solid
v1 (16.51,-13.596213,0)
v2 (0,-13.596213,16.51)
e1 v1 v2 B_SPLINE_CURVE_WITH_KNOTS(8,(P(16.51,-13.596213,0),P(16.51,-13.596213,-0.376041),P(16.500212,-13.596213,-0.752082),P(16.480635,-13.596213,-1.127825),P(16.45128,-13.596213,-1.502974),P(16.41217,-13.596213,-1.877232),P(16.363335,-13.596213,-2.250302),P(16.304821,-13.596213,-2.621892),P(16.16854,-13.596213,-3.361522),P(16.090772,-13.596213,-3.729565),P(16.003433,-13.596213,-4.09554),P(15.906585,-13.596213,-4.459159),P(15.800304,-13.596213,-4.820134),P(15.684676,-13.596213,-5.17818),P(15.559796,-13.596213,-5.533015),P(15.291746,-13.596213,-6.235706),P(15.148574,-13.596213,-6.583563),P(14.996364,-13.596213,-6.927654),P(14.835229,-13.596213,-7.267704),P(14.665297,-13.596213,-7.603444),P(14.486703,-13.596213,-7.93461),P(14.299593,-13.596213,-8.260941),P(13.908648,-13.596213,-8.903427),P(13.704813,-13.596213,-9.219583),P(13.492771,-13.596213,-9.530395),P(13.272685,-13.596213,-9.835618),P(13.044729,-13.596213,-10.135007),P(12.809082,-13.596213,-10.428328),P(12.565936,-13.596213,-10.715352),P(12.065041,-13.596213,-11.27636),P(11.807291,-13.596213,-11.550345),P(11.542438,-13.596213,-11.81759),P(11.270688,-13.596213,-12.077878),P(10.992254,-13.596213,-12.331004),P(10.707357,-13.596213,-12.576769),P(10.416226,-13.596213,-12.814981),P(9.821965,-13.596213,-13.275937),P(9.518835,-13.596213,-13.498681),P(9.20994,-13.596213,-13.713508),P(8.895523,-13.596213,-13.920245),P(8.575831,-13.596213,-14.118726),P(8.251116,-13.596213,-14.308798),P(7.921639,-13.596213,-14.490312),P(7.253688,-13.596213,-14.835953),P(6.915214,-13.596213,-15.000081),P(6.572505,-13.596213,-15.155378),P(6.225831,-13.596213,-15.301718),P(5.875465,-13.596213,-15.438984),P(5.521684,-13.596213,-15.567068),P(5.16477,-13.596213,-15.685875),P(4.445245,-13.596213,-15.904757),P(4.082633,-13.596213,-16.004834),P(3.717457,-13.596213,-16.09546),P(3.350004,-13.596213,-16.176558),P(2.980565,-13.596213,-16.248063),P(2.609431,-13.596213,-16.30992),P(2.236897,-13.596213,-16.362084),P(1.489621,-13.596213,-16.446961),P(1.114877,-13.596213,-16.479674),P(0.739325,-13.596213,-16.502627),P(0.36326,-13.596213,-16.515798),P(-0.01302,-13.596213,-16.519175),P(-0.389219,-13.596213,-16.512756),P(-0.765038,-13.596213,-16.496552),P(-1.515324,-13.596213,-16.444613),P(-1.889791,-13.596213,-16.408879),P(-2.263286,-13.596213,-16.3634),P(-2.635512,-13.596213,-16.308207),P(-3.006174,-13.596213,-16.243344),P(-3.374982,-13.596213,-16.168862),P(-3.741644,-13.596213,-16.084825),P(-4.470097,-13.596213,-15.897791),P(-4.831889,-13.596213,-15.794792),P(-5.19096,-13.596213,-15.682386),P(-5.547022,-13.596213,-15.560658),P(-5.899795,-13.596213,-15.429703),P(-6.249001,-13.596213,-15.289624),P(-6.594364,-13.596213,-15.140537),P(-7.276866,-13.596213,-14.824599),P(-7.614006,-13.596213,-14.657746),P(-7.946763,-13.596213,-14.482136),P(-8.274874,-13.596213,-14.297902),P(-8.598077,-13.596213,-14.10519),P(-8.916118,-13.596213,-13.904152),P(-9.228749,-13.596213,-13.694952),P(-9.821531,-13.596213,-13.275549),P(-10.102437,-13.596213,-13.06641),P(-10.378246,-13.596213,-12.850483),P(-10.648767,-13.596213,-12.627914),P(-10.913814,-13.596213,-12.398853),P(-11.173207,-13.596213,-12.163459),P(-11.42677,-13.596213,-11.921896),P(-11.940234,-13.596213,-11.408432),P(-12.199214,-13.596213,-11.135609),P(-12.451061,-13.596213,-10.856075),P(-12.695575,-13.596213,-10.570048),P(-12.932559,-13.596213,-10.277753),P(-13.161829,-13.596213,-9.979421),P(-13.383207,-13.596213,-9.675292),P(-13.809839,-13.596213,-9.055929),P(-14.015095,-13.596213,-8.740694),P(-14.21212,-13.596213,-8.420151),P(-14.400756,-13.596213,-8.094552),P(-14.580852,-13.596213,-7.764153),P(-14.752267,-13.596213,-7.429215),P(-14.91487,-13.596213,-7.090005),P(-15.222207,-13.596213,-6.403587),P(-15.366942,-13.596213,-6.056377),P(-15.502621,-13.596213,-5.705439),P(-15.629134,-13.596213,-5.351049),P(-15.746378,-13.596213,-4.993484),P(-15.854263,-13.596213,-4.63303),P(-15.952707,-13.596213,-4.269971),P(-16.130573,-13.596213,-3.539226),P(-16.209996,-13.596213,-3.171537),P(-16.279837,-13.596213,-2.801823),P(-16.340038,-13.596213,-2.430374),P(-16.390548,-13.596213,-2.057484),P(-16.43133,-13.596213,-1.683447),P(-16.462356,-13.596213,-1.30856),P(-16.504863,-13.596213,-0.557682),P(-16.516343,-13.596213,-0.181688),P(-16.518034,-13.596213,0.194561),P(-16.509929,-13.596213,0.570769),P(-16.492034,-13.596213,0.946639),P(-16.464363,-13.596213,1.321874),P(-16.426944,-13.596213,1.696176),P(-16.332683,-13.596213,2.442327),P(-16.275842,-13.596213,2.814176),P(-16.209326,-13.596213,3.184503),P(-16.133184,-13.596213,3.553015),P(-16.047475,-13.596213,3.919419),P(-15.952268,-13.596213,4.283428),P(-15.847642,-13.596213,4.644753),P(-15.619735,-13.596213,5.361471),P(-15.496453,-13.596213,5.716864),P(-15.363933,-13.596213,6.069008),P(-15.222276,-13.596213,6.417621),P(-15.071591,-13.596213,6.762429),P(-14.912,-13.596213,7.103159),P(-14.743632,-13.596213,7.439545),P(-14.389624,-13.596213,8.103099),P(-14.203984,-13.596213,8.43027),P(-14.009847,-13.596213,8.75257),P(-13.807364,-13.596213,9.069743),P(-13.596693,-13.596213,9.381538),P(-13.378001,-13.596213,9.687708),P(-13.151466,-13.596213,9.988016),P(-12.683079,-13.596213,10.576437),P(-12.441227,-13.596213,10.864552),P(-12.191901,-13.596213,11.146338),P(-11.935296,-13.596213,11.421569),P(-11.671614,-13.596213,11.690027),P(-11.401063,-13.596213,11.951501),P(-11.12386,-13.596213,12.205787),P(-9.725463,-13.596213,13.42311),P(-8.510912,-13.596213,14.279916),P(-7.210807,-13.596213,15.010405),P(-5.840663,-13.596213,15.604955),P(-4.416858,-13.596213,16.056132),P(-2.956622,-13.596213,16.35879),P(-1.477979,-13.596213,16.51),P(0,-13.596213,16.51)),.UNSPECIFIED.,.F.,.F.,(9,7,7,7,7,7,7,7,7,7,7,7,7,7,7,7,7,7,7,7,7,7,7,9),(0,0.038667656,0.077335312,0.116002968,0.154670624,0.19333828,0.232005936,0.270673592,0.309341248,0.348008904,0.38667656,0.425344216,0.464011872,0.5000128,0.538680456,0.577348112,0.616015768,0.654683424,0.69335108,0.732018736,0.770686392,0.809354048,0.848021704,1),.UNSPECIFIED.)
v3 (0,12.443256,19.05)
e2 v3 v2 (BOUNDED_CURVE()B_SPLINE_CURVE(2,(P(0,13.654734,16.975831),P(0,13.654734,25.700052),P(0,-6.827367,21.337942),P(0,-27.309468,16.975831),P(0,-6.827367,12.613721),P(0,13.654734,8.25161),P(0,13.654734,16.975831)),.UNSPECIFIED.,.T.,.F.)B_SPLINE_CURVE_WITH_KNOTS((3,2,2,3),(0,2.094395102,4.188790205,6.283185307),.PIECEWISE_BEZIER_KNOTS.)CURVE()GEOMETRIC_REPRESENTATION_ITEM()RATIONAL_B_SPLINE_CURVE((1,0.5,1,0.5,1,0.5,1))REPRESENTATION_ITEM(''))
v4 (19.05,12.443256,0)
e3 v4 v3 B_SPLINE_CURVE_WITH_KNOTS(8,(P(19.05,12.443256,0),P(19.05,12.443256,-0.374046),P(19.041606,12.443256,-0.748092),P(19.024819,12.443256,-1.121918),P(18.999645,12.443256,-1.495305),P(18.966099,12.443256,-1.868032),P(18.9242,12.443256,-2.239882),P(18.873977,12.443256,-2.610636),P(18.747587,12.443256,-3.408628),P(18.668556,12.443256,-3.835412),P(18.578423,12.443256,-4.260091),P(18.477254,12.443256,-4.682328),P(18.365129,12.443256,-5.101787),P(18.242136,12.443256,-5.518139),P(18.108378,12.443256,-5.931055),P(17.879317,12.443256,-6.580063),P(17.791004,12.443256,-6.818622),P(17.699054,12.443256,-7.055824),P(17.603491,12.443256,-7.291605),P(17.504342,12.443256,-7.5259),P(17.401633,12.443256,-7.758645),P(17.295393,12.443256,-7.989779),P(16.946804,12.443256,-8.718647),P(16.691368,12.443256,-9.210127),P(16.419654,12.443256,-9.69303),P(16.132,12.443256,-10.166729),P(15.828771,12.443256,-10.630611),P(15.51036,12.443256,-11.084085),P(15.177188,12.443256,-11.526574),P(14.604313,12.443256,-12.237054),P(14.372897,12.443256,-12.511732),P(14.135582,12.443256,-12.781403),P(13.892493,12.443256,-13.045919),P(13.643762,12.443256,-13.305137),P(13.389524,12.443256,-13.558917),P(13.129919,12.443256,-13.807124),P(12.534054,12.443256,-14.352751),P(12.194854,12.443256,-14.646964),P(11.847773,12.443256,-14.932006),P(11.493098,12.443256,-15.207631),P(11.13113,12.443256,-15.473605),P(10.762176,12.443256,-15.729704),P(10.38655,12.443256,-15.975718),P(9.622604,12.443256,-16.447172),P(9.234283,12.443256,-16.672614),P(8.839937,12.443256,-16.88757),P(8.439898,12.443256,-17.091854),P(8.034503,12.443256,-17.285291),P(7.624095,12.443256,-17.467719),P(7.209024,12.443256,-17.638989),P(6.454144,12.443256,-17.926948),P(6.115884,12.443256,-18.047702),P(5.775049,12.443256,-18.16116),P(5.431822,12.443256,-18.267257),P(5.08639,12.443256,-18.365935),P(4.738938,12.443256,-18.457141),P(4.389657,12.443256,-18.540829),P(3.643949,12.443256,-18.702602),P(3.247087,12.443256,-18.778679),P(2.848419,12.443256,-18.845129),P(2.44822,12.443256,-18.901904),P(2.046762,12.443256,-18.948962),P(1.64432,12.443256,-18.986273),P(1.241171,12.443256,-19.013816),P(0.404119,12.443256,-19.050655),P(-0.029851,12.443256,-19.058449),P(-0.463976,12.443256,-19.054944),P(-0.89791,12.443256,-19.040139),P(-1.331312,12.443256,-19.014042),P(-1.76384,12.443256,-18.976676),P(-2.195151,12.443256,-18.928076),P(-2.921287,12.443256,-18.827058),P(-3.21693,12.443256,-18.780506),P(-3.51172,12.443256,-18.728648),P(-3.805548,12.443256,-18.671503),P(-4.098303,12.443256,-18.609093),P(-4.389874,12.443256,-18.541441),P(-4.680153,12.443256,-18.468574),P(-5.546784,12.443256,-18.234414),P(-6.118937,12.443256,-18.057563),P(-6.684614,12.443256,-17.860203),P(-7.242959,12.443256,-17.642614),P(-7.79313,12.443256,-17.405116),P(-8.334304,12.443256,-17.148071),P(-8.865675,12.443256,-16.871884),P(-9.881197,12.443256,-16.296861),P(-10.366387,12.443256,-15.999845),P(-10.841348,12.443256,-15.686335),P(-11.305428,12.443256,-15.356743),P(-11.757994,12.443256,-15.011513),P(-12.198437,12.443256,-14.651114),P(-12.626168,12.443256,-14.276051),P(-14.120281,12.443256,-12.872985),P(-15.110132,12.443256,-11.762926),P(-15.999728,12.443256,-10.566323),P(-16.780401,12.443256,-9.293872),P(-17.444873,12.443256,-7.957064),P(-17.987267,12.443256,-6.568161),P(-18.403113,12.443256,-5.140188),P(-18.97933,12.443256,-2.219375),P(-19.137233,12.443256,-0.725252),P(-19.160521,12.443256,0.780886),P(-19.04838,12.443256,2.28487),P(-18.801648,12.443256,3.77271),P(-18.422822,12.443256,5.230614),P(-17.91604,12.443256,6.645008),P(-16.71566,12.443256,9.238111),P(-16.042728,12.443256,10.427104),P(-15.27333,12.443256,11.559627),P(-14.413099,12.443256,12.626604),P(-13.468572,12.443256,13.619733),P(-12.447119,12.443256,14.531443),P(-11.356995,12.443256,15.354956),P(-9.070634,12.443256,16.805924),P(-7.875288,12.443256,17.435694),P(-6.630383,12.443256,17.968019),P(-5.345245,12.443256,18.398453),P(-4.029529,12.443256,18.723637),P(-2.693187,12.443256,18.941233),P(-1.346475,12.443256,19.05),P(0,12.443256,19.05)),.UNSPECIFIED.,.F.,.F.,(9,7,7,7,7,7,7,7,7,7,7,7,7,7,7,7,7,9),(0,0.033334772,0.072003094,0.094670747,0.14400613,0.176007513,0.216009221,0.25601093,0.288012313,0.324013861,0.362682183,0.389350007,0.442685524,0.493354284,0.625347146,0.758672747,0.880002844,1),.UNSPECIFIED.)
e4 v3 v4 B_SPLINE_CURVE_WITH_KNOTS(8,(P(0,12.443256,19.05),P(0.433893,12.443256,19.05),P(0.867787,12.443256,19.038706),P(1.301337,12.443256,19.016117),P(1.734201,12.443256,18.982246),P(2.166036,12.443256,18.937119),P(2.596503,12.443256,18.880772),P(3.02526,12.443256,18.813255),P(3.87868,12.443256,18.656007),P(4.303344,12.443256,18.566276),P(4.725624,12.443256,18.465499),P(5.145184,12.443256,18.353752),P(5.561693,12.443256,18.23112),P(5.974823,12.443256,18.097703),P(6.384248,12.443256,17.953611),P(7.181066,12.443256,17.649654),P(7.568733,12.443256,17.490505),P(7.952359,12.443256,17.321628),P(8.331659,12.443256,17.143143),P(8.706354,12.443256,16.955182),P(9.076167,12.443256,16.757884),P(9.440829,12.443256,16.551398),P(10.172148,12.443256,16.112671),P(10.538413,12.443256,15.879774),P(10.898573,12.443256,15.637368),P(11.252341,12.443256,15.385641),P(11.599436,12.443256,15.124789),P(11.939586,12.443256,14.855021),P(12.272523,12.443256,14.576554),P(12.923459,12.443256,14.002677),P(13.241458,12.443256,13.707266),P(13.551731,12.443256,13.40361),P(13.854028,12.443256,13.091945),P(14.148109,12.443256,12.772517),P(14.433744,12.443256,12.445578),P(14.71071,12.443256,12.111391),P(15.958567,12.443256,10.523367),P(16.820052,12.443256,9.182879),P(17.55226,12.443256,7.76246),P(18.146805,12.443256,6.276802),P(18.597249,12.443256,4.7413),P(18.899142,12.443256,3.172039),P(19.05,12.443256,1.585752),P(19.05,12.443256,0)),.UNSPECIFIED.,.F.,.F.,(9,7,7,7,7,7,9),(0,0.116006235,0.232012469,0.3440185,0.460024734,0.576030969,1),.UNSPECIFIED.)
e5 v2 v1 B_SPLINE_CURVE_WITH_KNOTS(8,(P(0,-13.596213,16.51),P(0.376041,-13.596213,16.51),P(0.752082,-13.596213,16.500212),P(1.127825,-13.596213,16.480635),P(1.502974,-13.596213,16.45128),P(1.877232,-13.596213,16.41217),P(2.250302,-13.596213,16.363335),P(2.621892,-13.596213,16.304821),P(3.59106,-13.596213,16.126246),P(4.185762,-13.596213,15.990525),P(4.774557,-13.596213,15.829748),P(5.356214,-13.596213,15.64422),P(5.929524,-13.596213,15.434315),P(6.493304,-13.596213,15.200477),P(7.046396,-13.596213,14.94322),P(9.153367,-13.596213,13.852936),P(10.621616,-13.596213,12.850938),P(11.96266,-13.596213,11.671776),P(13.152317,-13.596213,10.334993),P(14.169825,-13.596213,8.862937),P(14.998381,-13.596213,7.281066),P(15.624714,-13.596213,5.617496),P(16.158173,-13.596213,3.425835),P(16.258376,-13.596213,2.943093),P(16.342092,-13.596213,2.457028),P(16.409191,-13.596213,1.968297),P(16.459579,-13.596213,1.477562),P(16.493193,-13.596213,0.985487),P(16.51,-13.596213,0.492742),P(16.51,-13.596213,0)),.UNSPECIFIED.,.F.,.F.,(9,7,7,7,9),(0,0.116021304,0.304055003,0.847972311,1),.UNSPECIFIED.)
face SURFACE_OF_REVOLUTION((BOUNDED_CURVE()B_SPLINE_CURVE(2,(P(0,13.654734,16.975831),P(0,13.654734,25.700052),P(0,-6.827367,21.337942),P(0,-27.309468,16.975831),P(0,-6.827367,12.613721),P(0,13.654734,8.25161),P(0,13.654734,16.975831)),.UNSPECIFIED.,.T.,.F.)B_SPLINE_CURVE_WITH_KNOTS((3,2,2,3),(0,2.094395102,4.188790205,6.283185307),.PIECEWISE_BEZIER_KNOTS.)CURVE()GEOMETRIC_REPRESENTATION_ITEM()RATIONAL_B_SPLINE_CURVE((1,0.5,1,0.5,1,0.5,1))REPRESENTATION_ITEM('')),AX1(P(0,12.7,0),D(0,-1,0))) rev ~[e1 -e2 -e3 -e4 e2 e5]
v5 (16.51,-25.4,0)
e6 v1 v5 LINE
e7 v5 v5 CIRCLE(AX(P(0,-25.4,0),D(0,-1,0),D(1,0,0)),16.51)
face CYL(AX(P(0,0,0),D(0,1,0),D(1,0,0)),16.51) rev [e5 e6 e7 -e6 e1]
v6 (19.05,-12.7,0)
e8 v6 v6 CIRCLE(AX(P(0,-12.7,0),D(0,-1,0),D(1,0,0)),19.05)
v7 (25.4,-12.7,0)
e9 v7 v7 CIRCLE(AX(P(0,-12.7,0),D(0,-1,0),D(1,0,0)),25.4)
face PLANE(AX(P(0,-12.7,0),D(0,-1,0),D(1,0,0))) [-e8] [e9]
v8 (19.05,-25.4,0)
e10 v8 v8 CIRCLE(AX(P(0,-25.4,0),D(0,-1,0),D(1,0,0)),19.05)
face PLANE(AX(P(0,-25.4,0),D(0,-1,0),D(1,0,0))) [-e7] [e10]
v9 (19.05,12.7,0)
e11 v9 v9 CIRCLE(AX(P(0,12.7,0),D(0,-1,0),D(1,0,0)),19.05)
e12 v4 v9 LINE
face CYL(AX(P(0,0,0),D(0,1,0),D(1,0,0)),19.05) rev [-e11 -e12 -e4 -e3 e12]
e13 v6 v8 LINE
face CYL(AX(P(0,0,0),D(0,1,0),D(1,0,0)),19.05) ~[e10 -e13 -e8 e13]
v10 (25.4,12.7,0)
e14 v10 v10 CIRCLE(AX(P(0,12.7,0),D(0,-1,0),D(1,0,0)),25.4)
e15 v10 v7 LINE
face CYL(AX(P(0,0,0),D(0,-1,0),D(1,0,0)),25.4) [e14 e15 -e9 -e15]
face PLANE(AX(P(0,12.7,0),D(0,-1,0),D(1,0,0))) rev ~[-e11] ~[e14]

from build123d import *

# Parameters (mm, degrees)
F0_R     = 25.4
F0_R_2   = 19.05
F1_DEPTH = 12.7
F0_R_3   = 16.51
F2_DEPTH = 25.4


with BuildPart() as f1:
    # F0 (on Front) → F1 (new body, symmetric)
    with BuildSketch(Plane.XZ):
        Circle(F0_R)
        Circle(F0_R_2, mode=Mode.SUBTRACT)
    extrude(amount=F1_DEPTH, both=True)

    # F0 (on Front) → F2 (join)
    with BuildSketch(Plane.XZ):
        Circle(F0_R_2)
        Circle(F0_R_3, mode=Mode.SUBTRACT)
    extrude(amount=F2_DEPTH)

    # F3 (on Right) → F4 (revolve, cut)
    with BuildSketch(Plane.YZ):
        with BuildLine():
            add(Edge.make_bspline(
                [(13.654734008, 16.9758312404), (13.654734008, 25.7000523518), (-6.827367004, 21.3379417961), (-27.309468016, 16.9758312404), (-6.827367004, 12.6137206847), (13.654734008, 8.251610129), (13.654734008, 16.9758312404)],
                knots=[0, 0, 0, 2.0943951024, 2.0943951024, 4.1887902048, 4.1887902048, 6.2831853072, 6.2831853072, 6.2831853072], degree=2, weights=[1, 0.5, 1, 0.5, 1, 0.5, 1]))
        make_face()
    revolve(axis=Axis((0, 12.7, 0), (0, -1, 0)), mode=Mode.SUBTRACT)


solid = f1.part
